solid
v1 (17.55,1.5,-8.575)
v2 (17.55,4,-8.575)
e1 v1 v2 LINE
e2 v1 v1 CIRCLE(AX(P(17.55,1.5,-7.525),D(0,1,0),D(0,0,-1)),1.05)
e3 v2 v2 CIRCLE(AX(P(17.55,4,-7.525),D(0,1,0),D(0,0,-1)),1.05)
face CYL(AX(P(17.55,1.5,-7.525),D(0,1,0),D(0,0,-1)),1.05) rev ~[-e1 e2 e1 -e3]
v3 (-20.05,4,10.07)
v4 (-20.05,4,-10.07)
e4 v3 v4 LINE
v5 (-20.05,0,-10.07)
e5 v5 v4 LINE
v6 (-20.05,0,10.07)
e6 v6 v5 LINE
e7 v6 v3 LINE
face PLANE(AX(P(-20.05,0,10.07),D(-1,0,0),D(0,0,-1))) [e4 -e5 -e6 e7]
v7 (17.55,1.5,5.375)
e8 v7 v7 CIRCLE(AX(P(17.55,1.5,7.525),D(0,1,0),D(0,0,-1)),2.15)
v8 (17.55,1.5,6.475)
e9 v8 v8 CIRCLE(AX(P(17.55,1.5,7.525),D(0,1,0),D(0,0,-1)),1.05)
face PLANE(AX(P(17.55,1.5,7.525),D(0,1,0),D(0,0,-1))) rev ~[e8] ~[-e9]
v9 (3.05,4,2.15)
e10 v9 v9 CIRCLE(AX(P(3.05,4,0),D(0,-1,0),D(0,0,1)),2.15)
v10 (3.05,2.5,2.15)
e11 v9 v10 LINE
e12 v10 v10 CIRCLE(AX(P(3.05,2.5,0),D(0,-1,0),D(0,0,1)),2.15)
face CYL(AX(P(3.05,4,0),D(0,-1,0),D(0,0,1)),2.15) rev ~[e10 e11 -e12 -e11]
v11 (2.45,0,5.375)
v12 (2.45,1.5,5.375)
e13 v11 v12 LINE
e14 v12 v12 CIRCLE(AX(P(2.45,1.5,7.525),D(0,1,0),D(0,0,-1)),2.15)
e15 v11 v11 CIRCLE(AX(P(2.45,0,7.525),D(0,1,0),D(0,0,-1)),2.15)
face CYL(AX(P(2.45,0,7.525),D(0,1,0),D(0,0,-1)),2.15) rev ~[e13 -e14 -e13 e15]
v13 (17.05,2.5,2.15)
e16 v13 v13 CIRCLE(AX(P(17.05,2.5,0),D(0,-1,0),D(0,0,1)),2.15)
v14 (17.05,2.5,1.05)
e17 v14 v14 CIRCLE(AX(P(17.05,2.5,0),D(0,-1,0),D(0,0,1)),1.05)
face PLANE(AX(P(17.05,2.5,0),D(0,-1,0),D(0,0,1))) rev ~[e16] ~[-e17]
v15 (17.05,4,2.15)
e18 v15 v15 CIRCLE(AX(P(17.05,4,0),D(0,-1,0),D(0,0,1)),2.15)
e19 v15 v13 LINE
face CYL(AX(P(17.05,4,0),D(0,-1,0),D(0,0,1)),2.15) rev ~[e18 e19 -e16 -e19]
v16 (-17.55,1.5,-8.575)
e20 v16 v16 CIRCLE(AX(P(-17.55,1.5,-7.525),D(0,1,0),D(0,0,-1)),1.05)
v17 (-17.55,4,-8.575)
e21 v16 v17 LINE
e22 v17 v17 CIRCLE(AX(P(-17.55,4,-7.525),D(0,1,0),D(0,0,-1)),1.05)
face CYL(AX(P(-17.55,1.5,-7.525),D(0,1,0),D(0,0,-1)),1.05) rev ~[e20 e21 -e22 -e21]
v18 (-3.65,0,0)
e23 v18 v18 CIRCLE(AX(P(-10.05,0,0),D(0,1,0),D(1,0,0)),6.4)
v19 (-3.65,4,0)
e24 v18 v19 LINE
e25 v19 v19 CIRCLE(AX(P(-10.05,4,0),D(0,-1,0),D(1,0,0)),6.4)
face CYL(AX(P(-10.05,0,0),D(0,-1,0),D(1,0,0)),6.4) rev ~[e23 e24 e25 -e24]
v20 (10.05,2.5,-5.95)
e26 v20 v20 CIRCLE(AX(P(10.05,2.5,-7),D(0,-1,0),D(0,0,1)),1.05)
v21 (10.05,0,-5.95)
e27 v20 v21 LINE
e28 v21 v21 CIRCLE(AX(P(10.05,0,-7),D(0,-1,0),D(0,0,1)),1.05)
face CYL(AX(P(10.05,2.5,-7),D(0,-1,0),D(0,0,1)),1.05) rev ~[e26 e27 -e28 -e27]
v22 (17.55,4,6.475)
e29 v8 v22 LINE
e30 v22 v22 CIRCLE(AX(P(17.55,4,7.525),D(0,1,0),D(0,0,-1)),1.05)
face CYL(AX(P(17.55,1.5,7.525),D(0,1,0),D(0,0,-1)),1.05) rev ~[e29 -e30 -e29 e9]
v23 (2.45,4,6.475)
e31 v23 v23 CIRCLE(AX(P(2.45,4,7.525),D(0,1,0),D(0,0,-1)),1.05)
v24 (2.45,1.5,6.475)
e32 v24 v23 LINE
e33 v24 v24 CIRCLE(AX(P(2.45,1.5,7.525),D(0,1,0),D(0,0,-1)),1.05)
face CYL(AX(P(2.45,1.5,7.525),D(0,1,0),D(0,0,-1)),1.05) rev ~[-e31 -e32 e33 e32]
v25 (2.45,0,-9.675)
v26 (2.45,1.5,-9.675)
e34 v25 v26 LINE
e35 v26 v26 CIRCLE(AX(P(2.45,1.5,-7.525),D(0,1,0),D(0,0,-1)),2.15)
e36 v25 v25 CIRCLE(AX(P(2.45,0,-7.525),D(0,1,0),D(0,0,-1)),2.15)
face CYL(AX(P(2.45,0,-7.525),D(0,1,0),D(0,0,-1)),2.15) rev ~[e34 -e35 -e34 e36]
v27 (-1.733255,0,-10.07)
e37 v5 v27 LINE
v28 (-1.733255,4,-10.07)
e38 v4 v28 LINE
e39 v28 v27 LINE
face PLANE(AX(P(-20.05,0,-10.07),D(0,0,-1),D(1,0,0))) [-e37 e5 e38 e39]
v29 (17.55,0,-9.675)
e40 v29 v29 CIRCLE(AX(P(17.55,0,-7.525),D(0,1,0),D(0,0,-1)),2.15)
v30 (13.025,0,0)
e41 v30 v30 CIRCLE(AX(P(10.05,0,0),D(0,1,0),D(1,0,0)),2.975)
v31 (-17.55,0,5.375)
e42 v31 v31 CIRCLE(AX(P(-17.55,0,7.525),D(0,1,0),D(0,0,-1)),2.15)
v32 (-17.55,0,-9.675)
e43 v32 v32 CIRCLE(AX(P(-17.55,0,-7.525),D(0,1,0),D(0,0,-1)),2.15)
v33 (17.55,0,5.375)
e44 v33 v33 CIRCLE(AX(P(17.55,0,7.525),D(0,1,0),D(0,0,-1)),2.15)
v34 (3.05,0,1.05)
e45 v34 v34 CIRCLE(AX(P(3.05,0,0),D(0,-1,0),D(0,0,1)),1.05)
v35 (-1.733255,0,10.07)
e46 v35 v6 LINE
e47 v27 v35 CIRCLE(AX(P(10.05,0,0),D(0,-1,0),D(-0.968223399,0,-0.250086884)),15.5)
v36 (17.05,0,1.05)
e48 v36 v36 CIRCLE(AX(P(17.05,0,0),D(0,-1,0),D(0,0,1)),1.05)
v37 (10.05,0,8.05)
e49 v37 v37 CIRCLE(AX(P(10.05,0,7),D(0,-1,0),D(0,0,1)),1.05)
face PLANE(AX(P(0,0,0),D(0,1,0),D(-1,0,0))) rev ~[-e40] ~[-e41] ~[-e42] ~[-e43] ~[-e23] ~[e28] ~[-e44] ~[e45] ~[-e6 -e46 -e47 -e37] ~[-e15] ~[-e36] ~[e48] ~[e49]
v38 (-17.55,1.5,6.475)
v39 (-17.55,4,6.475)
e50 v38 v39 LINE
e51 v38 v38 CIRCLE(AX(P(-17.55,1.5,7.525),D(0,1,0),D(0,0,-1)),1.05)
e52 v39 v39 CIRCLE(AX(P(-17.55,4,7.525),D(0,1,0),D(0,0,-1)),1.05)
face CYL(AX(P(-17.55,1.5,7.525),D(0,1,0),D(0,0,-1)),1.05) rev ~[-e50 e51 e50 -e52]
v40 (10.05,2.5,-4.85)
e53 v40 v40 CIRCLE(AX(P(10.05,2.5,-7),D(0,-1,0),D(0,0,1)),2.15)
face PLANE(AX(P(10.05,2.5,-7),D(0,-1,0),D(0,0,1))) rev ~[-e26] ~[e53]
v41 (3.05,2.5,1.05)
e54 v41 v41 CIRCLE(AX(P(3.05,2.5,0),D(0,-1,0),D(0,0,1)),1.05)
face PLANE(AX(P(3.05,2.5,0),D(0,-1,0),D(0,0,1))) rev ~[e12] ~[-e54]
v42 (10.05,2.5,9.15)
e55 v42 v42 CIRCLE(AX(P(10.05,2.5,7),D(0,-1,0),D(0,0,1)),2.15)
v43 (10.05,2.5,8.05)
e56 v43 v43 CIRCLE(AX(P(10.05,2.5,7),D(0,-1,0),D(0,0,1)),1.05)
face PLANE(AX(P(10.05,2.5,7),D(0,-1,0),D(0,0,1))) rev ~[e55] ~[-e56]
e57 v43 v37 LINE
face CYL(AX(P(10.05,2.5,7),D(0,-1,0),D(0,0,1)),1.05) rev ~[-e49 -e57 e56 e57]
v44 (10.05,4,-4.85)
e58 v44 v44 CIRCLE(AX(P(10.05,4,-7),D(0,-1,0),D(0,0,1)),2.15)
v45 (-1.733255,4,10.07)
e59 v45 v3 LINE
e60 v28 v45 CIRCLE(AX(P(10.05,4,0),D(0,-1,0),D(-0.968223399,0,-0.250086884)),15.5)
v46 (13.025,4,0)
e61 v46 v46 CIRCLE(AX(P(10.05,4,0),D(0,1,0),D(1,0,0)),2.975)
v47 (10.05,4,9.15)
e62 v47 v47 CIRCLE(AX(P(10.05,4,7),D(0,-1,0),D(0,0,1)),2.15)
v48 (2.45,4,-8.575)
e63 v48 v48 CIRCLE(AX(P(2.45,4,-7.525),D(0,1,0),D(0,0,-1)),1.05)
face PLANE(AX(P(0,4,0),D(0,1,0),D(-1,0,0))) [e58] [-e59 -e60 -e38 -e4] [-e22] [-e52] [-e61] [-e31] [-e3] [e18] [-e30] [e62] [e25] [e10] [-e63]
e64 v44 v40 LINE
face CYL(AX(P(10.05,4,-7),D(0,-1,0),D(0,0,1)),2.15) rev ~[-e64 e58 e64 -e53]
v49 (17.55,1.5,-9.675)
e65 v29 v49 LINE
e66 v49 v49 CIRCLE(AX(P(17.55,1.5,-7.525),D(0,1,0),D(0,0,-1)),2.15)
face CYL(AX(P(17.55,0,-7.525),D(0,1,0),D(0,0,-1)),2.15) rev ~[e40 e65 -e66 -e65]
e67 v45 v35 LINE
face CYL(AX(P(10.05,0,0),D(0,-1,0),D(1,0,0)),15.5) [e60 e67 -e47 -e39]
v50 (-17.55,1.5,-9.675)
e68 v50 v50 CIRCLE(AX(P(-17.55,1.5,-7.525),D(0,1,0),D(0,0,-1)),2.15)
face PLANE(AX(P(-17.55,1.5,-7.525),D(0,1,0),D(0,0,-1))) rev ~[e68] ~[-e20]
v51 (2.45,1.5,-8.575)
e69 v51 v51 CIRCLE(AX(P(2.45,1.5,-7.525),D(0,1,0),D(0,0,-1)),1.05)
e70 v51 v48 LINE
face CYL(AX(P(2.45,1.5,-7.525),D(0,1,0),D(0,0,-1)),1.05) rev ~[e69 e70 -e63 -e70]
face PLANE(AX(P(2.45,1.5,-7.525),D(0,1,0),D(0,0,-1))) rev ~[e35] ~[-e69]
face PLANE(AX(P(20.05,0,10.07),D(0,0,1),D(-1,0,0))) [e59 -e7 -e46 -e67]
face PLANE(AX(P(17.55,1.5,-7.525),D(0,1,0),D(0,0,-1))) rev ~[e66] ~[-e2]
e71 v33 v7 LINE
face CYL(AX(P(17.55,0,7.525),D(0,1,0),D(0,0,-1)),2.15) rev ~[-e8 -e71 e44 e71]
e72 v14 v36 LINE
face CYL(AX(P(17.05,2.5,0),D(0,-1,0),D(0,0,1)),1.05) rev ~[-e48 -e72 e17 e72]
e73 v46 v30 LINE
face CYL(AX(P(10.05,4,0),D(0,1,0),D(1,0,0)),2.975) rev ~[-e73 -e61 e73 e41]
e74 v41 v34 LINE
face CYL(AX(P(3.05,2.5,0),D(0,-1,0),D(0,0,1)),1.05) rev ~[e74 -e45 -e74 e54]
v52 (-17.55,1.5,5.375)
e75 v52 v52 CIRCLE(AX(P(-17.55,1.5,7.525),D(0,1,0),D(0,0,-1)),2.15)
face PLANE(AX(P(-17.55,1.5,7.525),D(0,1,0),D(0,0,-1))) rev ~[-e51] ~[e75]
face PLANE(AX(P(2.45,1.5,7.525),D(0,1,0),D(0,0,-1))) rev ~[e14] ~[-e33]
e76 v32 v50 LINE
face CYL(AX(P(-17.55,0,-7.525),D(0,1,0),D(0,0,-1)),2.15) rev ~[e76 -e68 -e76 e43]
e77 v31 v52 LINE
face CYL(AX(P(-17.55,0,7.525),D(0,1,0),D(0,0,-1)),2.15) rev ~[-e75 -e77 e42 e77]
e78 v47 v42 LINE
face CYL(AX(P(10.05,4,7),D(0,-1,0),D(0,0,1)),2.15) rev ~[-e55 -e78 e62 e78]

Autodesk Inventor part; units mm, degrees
ref_plane "YZ Plane" through (0, 0, 0) normal (1, 0, 0) x (0, 1, 0)
ref_plane "XZ Plane" through (0, 0, 0) normal (0, 1, 0) x (-1, 0, 0)
ref_plane "XY Plane" through (0, 0, 0) normal (0, 0, 1) x (1, 0, 0)
sketch "Sketch1" plane through (0, 0, 0) normal (0, 1, 0) x (-1, 0, 0)
  line L0 (20.05, -10.07) -> (-20.05, -10.07)
  line L1 (-20.05, -10.07) -> (-20.05, 10.07)
  line L2 (-20.05, 10.07) -> (20.05, 10.07)
  line L3 (20.05, 10.07) -> (20.05, -10.07)
  point P0 (0, 0)
  point P1 (0, -10.07)
  point P2 (20.05, 0)
  dimension "d0" = 40.1
  dimension "d1" = 20.14
extrude "Extrusion1" add sketch "Sketch1" along normal blind 4
sketch "Sketch3" plane through (0, 0, 0) normal (0, -1, 0) x (1, 0, 0)
  ellipse E0 centre (-17.932, 7.952) end of major axis (-18.798, 8.818) minor radius 1 (-18.1556, 9.07) -> (-19.05, 8.1756) ccw projected
  line L0 (-19.05, -8.1756) -> (-19.05, 8.1756) projected
  ellipse E1 centre (-17.932, -7.952) end of major axis (-18.798, -8.818) minor radius 1 (-19.05, -8.1756) -> (-18.1556, -9.07) ccw projected
  line L1 (18.1556, -9.07) -> (-18.1556, -9.07) projected
  ellipse E2 centre (17.932, -7.952) end of major axis (18.798, -8.818) minor radius 1 (18.1556, -9.07) -> (19.05, -8.1756) ccw projected
  line L2 (19.05, 8.1756) -> (19.05, -8.1756) projected
  ellipse E3 centre (17.932, 7.952) end of major axis (18.798, 8.818) minor radius 1 (19.05, 8.1756) -> (18.1556, 9.07) ccw projected
  line L3 (-18.1556, 9.07) -> (18.1556, 9.07) projected
  circle A0 centre (17.55, -7.525) radius 0.7835 projected
  circle A1 centre (17.55, 7.525) radius 0.7835 projected
  circle A2 centre (2.45, -7.525) radius 0.7835 projected
  circle A3 centre (2.45, 7.525) radius 0.7835 projected
  circle A4 centre (-17.55, -7.525) radius 0.7835 projected
  circle A5 centre (-17.55, 7.525) radius 0.7835 projected
  circle A6 centre (-10.05, 0) radius 6.4 projected
  circle A7 centre (-10.05, 0) radius 6.5
  point P0 (0, 0)
  dimension "d11" = 13
extrude "Extrusion2" cut sketch "Sketch3" against normal through all contours A6
sketch "Sketch7" plane through (0, 0, 0) normal (0, -1, 0) x (1, 0, 0)
  line L0 (16.15, -10.17) -> (-0.9759, -10.17) projected
  arc A0 (-0.9759, -10.17) -> (-0.9759, 10.17) centre (10.05, 0) ccw projected
  line L1 (-0.9759, 10.17) -> (16.15, 10.17) projected
  line L2 (16.15, 10.17) -> (16.15, 8.07) projected
  arc A1 (16.15, 8.07) -> (18.05, 6.17) centre (18.05, 8.07) ccw projected
  line L3 (18.05, 6.17) -> (20.15, 6.17) projected
  line L4 (20.15, 6.17) -> (20.15, -6.17) projected
  line L5 (20.15, -6.17) -> (18.05, -6.17) projected
  arc A2 (18.05, -6.17) -> (16.15, -8.07) centre (18.05, -8.07) ccw projected
  line L6 (16.15, -8.07) -> (16.15, -10.17) projected
  circle A3 centre (10.05, 0) radius 15.5
  circle A4 centre (-10.05, 0) radius 6.4 projected
  circle A5 centre (-10.05, 0) radius 6.4
  point P0 (0, 0)
  point P1 (-4.9575, 3.8763)
  point P2 (-4.9575, -3.8763)
  dimension "d31" = 31
extrude "Extrusion4" add sketch "Sketch7" against normal up to surface (4 mm away) contours L6 A2 L5 L4 L3 A1 L2 L1 A0 L0 | A3 A4 picked at (9.8263, 0)
sketch "Sketch8" plane through (0, 4, 0) normal (0, 1, 0) x (1, 0, 0)
  circle A0 centre (10.05, 7) radius 0.7835 projected
  circle A1 centre (17.05, 0) radius 0.7835 projected
  circle A2 centre (10.05, -7) radius 0.7835 projected
  circle A3 centre (3.05, 0) radius 0.7835 projected
  circle A4 centre (10.05, 0) radius 1.75 projected
  circle A5 centre (10.05, 0) radius 9.96 projected
  point P0 (0, 0)
hole "Hole4" at (10.05, 4, 7) at (3.05, 4, 0) at (17.05, 4, 0) at (10.05, 4, -7) direction (0, -1, 0) diameter 2.1 end through all counterbore diameter 4.3 counterbore depth 1.5
sketch "Sketch9" plane through (0, 4, 0) normal (0, 1, 0) x (1, 0, 0)
  circle A0 centre (10.05, 0) radius 4.5 projected
  circle A1 centre (10.05, 0) radius 2.925 projected
  circle A2 centre (10.05, 0) radius 2.975
  point P0 (0, 0)
  dimension "d41" = 5.95
extrude "Extrusion5" cut sketch "Sketch9" against normal through all contours A1 | A2
sketch "Sketch10" plane through (0, 0, 0) normal (0, -1, 0) x (1, 0, 0)
  ellipse E0 centre (-17.932, 7.952) end of major axis (-18.798, 8.818) minor radius 1 (-18.1556, 9.07) -> (-19.05, 8.1756) ccw projected
  line L0 (-19.05, -8.1756) -> (-19.05, 8.1756) projected
  ellipse E1 centre (-17.932, -7.952) end of major axis (-18.798, -8.818) minor radius 1 (-19.05, -8.1756) -> (-18.1556, -9.07) ccw projected
  line L1 (18.1556, -9.07) -> (-18.1556, -9.07) projected
  ellipse E2 centre (17.932, -7.952) end of major axis (18.798, -8.818) minor radius 1 (18.1556, -9.07) -> (19.05, -8.1756) ccw projected
  line L2 (19.05, 8.1756) -> (19.05, -8.1756) projected
  ellipse E3 centre (17.932, 7.952) end of major axis (18.798, 8.818) minor radius 1 (19.05, 8.1756) -> (18.1556, 9.07) ccw projected
  line L3 (-18.1556, 9.07) -> (18.1556, 9.07) projected
  circle A0 centre (17.55, -7.525) radius 0.7835 projected
  circle A1 centre (17.55, 7.525) radius 0.7835 projected
  circle A2 centre (2.45, -7.525) radius 0.7835 projected
  circle A3 centre (2.45, 7.525) radius 0.7835 projected
  circle A4 centre (-17.55, -7.525) radius 0.7835 projected
  circle A5 centre (-17.55, 7.525) radius 0.7835 projected
  circle A6 centre (-10.05, 0) radius 6.4 projected
  point P0 (0, 0)
hole "Hole5" at (17.55, 0, -7.525) at (2.45, 0, -7.525) at (-17.55, 0, -7.525) at (17.55, 0, 7.525) at (2.45, 0, 7.525) at (-17.55, 0, 7.525) direction (0, 1, 0) diameter 2.1 end through all counterbore diameter 4.3 counterbore depth 1.5
properties part number "gripper_6&7_connector" material "Aluminum 6061-AHC"
